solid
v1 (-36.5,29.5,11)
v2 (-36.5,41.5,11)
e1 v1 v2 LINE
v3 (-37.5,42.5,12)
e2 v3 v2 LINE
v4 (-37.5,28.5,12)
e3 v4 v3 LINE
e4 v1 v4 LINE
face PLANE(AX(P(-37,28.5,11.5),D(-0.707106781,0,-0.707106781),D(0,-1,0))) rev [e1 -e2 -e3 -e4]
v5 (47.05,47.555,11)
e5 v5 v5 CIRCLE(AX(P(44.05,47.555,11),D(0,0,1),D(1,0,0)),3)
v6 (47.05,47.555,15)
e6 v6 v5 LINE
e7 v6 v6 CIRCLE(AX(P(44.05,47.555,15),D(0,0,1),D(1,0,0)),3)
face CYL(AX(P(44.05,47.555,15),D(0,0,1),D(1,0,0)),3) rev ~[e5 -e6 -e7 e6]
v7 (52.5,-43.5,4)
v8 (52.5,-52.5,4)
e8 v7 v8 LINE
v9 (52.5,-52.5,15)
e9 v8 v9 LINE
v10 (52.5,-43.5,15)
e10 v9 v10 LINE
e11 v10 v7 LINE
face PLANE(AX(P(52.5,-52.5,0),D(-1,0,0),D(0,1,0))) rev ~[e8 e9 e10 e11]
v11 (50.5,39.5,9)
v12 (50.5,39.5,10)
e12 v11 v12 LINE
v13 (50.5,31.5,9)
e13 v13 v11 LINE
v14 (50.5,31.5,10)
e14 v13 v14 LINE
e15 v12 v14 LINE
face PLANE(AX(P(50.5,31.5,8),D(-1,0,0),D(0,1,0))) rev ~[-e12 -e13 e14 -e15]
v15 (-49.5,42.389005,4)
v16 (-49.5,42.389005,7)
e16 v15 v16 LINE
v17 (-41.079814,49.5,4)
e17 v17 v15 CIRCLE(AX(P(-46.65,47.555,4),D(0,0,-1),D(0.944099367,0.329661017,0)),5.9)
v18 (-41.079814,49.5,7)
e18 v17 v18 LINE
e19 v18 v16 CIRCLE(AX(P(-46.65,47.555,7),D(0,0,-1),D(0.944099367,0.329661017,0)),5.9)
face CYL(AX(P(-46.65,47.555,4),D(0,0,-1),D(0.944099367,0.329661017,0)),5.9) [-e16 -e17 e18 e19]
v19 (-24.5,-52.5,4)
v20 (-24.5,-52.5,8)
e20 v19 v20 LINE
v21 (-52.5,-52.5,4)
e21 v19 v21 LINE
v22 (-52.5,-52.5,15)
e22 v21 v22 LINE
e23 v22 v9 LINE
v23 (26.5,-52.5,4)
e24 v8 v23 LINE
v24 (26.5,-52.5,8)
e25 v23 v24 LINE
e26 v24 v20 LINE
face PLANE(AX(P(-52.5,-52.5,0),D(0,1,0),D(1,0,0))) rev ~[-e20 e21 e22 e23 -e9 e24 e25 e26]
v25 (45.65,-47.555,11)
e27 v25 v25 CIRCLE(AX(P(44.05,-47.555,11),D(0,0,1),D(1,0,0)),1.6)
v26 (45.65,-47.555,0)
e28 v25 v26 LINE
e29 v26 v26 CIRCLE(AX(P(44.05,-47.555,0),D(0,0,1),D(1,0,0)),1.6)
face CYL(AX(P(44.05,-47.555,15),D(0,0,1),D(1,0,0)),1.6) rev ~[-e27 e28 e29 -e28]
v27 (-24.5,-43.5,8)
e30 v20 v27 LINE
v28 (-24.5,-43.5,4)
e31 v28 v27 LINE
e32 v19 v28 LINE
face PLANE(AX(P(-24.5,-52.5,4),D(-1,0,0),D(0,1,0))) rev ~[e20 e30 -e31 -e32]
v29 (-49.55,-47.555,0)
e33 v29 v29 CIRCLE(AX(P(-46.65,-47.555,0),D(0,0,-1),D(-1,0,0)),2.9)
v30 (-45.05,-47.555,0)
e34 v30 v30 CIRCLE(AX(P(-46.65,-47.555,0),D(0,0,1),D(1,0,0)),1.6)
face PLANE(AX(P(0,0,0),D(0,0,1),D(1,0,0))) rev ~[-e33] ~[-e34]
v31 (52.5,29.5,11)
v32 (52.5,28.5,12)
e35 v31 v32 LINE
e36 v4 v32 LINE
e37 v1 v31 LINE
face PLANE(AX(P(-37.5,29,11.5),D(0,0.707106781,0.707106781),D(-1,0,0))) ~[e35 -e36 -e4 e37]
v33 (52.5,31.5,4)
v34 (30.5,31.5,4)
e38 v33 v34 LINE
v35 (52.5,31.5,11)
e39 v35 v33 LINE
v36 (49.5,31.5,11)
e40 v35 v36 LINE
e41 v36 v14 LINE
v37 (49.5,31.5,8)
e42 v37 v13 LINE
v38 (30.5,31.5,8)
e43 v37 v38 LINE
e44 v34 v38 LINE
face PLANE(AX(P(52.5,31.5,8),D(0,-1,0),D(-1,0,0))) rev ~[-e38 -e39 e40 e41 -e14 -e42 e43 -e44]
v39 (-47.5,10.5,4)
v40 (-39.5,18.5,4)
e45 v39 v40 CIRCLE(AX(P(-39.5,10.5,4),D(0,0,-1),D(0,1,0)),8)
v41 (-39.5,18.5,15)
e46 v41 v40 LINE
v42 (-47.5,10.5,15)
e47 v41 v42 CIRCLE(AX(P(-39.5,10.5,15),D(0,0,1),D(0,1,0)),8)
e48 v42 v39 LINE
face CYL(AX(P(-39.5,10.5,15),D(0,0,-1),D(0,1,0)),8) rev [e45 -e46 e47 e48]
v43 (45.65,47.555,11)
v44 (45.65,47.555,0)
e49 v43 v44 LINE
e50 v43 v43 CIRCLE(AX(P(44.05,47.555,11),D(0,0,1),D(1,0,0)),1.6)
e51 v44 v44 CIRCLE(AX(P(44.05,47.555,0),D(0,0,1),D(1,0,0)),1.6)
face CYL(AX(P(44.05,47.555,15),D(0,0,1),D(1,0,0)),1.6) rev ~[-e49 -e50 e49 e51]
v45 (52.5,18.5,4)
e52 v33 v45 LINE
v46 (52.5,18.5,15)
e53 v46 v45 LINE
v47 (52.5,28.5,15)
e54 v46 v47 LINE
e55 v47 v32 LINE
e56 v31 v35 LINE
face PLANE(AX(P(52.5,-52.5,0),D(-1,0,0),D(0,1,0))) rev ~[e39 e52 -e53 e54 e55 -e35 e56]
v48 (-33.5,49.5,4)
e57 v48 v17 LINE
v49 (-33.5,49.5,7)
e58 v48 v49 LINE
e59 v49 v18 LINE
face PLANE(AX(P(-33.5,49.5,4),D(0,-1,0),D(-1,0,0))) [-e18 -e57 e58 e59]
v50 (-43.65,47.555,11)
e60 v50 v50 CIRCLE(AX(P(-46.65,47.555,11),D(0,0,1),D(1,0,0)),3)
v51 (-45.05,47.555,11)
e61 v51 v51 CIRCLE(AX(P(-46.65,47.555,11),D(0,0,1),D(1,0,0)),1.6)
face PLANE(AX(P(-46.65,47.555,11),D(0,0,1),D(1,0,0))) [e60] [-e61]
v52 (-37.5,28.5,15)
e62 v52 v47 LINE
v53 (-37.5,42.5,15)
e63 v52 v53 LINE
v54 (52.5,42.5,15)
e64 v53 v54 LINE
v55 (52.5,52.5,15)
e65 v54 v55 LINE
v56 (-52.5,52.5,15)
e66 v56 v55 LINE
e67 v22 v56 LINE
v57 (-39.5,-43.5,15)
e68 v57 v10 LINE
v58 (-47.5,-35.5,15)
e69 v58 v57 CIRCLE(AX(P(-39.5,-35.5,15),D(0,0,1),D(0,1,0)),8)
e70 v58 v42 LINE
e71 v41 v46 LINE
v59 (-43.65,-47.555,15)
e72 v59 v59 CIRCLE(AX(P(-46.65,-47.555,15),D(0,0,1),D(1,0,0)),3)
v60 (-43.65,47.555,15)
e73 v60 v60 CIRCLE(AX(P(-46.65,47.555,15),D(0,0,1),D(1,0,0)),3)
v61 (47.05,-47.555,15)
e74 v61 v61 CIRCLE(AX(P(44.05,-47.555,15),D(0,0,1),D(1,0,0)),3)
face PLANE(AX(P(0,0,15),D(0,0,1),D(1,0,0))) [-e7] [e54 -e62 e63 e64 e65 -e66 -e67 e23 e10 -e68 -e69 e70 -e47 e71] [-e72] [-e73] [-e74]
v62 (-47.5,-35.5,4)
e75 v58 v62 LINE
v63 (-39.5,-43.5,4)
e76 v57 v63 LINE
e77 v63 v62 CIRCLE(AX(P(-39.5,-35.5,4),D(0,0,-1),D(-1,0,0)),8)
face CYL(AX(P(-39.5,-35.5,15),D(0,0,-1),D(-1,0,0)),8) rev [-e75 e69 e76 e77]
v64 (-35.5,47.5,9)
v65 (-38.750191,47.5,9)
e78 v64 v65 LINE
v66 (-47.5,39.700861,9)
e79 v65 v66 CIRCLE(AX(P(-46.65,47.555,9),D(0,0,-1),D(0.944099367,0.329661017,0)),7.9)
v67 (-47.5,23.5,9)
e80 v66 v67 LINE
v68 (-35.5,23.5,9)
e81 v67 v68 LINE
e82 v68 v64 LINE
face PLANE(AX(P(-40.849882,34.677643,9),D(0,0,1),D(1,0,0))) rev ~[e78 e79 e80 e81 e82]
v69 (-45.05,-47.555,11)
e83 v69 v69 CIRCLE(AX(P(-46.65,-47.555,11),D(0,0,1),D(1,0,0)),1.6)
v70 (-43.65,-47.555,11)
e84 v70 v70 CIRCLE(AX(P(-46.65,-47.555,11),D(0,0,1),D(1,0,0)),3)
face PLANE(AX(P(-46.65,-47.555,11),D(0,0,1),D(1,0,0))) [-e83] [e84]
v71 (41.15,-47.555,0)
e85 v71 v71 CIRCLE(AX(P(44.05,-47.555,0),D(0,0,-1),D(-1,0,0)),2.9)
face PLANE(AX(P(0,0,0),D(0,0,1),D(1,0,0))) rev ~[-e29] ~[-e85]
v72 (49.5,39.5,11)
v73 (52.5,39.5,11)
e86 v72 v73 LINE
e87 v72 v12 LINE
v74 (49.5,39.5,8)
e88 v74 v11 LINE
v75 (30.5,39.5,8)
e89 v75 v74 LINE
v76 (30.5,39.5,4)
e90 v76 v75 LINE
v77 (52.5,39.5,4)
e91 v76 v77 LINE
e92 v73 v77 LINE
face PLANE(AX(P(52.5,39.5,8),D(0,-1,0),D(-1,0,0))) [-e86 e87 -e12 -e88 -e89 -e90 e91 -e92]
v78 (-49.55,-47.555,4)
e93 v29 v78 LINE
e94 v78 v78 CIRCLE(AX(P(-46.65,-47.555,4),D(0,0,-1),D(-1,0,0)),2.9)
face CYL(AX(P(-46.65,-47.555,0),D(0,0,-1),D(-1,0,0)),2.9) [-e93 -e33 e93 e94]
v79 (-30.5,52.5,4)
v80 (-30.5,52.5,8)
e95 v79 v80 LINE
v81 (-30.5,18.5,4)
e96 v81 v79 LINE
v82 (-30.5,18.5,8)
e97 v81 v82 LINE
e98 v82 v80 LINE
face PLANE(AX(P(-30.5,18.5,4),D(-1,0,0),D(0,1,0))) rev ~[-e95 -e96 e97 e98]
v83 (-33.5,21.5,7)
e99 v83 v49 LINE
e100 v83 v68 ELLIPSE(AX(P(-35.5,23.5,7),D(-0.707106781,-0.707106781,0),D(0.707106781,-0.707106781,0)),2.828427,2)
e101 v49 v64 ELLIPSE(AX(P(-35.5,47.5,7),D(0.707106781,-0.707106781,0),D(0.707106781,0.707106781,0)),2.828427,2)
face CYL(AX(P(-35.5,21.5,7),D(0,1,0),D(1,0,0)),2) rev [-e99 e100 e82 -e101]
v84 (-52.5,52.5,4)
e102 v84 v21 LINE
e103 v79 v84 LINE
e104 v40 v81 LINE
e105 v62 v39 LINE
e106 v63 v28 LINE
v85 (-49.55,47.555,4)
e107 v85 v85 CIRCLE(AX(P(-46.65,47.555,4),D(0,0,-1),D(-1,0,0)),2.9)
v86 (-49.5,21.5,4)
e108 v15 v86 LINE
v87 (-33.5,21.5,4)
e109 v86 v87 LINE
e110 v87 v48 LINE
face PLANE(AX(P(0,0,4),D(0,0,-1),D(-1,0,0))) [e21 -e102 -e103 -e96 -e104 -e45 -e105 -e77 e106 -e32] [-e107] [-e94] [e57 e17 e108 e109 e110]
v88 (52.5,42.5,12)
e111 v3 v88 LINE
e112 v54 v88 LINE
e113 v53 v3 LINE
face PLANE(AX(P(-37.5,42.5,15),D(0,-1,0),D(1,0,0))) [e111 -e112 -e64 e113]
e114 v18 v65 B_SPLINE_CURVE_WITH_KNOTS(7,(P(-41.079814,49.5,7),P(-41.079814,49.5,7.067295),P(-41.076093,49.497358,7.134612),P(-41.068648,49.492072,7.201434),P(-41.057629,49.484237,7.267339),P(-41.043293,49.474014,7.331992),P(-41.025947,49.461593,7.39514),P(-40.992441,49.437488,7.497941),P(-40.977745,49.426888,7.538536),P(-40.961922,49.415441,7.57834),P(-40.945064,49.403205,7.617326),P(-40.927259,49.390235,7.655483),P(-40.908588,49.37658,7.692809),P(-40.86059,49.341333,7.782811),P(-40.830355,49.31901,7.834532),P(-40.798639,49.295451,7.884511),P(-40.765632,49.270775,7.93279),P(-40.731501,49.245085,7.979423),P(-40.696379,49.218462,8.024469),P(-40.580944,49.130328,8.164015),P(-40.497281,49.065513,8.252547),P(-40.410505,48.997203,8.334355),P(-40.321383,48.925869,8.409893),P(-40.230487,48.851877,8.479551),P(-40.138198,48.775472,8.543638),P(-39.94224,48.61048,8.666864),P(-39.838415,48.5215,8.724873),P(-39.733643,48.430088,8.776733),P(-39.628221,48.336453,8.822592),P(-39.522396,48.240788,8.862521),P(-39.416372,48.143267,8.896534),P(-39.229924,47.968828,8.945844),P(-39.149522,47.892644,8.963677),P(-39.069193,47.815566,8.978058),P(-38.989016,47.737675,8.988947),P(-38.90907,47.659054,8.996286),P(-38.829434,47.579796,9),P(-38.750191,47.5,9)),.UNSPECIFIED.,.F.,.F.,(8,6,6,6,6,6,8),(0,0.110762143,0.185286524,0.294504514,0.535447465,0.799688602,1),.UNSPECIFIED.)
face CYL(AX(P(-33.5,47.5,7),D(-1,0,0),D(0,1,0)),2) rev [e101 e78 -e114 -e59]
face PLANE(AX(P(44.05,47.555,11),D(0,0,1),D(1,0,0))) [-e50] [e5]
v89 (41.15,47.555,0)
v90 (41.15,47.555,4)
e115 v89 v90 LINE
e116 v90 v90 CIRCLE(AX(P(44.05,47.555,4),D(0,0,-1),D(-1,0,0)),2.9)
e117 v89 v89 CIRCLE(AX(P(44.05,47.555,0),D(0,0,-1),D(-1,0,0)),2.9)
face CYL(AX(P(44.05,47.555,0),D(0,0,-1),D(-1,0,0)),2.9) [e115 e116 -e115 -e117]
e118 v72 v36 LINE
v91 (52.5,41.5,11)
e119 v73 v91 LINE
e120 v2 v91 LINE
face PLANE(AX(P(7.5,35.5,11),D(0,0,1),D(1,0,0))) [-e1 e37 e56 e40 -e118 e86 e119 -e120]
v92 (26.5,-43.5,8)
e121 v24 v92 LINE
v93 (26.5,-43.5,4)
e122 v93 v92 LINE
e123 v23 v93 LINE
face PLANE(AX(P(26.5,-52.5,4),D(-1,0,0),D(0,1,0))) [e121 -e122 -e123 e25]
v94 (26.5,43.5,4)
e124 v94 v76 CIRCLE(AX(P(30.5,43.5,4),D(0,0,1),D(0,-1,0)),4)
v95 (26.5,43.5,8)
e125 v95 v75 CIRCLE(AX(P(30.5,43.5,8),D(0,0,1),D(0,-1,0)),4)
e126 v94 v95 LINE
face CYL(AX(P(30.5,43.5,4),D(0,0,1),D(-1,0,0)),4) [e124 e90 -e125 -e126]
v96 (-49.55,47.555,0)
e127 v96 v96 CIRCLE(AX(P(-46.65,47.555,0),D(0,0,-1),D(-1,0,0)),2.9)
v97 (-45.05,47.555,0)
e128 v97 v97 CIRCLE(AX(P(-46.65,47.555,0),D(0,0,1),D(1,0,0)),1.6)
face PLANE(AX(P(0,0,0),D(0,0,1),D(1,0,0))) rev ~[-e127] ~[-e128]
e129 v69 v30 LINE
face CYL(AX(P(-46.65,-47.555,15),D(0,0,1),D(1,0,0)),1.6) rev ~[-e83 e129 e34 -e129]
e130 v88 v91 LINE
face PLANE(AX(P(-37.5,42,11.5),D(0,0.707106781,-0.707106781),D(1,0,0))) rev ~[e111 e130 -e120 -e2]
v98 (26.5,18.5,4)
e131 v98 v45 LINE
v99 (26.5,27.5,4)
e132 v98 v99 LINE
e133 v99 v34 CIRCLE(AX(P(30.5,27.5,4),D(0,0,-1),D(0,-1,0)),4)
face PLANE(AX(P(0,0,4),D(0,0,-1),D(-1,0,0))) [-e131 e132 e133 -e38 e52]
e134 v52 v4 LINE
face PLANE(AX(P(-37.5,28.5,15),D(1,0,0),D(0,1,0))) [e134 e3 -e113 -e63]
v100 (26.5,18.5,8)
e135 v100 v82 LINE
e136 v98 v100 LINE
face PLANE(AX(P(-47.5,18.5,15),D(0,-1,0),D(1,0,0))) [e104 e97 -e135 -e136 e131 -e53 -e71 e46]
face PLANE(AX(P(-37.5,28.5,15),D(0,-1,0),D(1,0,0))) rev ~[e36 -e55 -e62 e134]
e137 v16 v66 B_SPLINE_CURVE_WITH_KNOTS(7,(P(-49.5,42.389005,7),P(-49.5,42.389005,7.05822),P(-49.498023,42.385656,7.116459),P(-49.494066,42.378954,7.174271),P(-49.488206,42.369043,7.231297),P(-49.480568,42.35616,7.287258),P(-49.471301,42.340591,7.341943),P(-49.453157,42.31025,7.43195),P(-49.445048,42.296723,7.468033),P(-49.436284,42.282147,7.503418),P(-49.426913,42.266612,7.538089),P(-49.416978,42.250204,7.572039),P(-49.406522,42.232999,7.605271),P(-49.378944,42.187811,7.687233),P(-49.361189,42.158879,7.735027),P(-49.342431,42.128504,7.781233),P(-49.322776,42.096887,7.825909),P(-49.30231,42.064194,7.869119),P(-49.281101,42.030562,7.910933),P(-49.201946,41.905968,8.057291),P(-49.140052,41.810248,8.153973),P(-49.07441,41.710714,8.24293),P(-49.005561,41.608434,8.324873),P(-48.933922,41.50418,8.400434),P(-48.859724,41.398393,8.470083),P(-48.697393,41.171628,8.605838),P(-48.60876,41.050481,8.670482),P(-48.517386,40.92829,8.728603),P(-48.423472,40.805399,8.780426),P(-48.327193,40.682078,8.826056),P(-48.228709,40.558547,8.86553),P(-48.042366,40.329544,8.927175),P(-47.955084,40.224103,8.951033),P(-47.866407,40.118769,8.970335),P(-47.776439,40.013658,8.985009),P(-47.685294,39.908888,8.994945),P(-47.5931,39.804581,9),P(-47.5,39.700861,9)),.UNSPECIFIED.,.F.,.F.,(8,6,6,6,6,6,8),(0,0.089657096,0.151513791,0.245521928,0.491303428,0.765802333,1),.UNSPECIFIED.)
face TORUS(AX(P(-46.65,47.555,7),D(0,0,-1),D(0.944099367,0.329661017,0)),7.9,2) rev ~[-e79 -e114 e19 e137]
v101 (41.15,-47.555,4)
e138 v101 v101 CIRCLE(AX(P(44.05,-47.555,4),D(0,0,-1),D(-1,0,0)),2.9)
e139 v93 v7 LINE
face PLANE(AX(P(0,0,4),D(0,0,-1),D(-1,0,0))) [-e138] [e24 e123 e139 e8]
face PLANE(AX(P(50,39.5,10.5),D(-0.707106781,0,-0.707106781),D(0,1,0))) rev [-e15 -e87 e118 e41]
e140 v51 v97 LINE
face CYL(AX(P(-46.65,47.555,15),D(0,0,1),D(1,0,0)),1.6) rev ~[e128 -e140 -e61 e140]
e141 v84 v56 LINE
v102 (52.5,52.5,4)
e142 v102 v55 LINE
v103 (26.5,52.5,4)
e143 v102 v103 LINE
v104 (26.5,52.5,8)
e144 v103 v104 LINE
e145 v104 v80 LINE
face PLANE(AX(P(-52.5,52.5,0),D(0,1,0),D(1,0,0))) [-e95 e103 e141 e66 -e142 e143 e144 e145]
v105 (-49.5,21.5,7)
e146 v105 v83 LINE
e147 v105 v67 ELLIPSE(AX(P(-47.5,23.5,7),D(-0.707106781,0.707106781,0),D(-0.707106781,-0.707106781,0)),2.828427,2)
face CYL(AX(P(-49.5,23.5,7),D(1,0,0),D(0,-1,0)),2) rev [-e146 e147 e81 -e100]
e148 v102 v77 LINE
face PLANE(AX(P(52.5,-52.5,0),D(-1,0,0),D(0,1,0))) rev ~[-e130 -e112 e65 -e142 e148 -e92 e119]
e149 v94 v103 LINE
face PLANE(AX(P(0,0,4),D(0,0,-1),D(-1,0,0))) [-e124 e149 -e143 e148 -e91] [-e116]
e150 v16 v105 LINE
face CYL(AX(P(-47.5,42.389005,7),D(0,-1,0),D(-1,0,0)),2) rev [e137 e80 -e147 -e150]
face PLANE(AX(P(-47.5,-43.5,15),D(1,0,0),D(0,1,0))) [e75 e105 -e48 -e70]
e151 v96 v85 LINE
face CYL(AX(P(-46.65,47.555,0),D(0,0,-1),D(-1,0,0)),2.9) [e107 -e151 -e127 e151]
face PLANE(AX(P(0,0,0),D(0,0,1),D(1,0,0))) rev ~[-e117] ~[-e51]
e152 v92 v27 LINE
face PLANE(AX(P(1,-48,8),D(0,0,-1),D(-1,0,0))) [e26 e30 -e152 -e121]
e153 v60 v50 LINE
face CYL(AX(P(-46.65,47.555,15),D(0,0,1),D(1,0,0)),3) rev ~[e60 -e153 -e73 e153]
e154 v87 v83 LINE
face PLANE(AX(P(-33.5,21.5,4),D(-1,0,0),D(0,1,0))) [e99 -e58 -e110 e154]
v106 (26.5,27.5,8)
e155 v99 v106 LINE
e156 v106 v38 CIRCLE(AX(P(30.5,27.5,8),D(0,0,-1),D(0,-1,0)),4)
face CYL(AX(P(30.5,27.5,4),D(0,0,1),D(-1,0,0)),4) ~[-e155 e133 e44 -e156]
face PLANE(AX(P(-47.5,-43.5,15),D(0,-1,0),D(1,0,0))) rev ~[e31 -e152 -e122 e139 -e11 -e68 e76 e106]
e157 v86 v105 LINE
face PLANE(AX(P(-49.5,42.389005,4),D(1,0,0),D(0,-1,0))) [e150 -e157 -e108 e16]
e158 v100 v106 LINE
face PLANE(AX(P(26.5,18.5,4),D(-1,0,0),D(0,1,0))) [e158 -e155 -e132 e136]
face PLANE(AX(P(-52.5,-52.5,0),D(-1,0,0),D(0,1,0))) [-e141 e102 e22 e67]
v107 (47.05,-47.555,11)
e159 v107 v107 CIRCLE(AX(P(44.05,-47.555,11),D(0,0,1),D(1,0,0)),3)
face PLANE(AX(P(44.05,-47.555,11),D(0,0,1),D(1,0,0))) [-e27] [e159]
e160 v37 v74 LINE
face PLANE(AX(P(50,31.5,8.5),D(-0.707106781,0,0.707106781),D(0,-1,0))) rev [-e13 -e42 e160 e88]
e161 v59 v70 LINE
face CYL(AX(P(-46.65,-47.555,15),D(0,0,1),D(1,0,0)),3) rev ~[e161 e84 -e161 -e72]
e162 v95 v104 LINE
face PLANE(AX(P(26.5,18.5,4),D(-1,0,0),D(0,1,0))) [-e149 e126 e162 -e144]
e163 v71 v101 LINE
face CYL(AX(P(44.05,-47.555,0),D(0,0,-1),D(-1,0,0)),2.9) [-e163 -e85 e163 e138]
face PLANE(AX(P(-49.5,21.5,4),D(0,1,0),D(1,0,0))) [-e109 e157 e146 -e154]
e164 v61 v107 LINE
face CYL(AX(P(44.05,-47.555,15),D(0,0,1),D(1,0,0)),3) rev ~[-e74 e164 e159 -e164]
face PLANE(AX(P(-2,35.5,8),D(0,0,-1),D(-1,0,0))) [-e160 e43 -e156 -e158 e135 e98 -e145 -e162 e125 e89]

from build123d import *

# Parameters (mm, degrees)
SKETCH_1_W           = 105
SKETCH_1_H           = 105
EXTRUDE_1_DEPTH      = 15
SKETCH_2_R           = 1.6
CUT_EXTRUDE_1_DEPTH  = 15
SKETCH_3_W           = 100
SKETCH_3_H           = 62
CUT_EXTRUDE_2_DEPTH  = 15
FILLET_1_R           = 8
SKETCH_4_OUTSIDE_W   = 136.85
SKETCH_4_OUTSIDE_H   = 136.85
SKETCH_4_OUTSIDE_R   = 2.9
CUT_EXTRUDE_3_DEPTH  = 4
SKETCH_5_W           = 51
SKETCH_5_H           = 9
CUT_EXTRUDE_4_DEPTH  = 4
SKETCH_6_W           = 57
SKETCH_6_H           = 34
CUT_EXTRUDE_5_DEPTH  = 4
CUT_EXTRUDE_6_DEPTH  = 4
FILLET_2_R           = 4
SKETCH_8_W           = 90
SKETCH_8_H           = 14
CUT_EXTRUDE_7_DEPTH  = 4
CHAMFER_1_SIZE       = 1
SKETCH_9_W           = 2
SKETCH_9_H           = 8
CUT_EXTRUDE_8_DEPTH  = 4
CHAMFER_2_SIZE       = 1
SKETCH_10_R          = 3
CUT_EXTRUDE_9_DEPTH  = 4
CUT_EXTRUDE_10_DEPTH = 5
FILLET_3_R           = 2


with BuildPart() as part:
    # 草图1 → 凸台-拉伸1 (new body)
    with BuildSketch(Plane.XY):
        Rectangle(SKETCH_1_W, SKETCH_1_H)
    extrude(amount=EXTRUDE_1_DEPTH)

    # 草图2 → 切除-拉伸1 (cut)
    with BuildSketch(Plane.XY.offset(15)):
        with Locations((-46.65, 47.555)):
            Circle(SKETCH_2_R)
        with Locations((44.05, 47.555)):
            Circle(SKETCH_2_R)
        with Locations((44.05, -47.555)):
            Circle(SKETCH_2_R)
        with Locations((-46.65, -47.555)):
            Circle(SKETCH_2_R)
    extrude(amount=-CUT_EXTRUDE_1_DEPTH, mode=Mode.SUBTRACT)

    # 草图3 → 切除-拉伸2 (cut)
    with BuildSketch(Plane.XY.offset(15)):
        with Locations((2.5, -12.5)):
            Rectangle(SKETCH_3_W, SKETCH_3_H)
    extrude(amount=-CUT_EXTRUDE_2_DEPTH, mode=Mode.SUBTRACT)

    # 圆角1
    fillet_1_edges = [part.edges().sort_by_distance(p)[0] for p in [
        (-47.5, -43.5, 7.5),
        (-47.5, 18.5, 7.5),
    ]]
    fillet(fillet_1_edges, radius=FILLET_1_R)

    # 草图4 outside → 切除-拉伸3 (cut)
    with BuildSketch(Plane(origin=(0, 0, 0), x_dir=(-1, 0, 0), z_dir=(0, 0, -1))):
        Rectangle(SKETCH_4_OUTSIDE_W, SKETCH_4_OUTSIDE_H)
        with Locations((-44.05, -47.555)):
            Circle(SKETCH_4_OUTSIDE_R, mode=Mode.SUBTRACT)
        with Locations((46.65, -47.555)):
            Circle(SKETCH_4_OUTSIDE_R, mode=Mode.SUBTRACT)
        with Locations((-44.05, 47.555)):
            Circle(SKETCH_4_OUTSIDE_R, mode=Mode.SUBTRACT)
        with Locations((46.65, 47.555)):
            Circle(SKETCH_4_OUTSIDE_R, mode=Mode.SUBTRACT)
    extrude(amount=-CUT_EXTRUDE_3_DEPTH, mode=Mode.SUBTRACT)

    # 草图5 → 切除-拉伸4 (cut)
    with BuildSketch(Plane(origin=(0, 0, 4), x_dir=(-1, 0, 0), z_dir=(0, 0, -1))):
        with Locations((-1, -48)):
            Rectangle(SKETCH_5_W, SKETCH_5_H)
    extrude(amount=-CUT_EXTRUDE_4_DEPTH, mode=Mode.SUBTRACT)

    # 草图6 → 切除-拉伸5 (cut)
    with BuildSketch(Plane(origin=(0, 0, 4), x_dir=(-1, 0, 0), z_dir=(0, 0, -1))):
        with Locations((2, 35.5)):
            Rectangle(SKETCH_6_W, SKETCH_6_H)
    extrude(amount=-CUT_EXTRUDE_5_DEPTH, mode=Mode.SUBTRACT)

    # 草图7 → 切除-拉伸6 (cut)
    with BuildSketch(Plane(origin=(0, 0, 4), x_dir=(-1, 0, 0), z_dir=(0, 0, -1))):
        Polygon((-26.5, 35.5), (-26.5, 39.5), (-52.5, 39.5), (-52.5, 31.5), (-26.5, 31.5), align=None)
    extrude(amount=-CUT_EXTRUDE_6_DEPTH, mode=Mode.SUBTRACT)

    # 圆角2
    fillet_2_edges = [part.edges().sort_by_distance(p)[0] for p in [
        (26.5, 39.5, 6),
        (26.5, 31.5, 6),
    ]]
    fillet(fillet_2_edges, radius=FILLET_2_R)

    # 草图8 → 切除-拉伸7 (cut)
    with BuildSketch(Plane.XY.offset(15)):
        with Locations((7.5, 35.5)):
            Rectangle(SKETCH_8_W, SKETCH_8_H)
    extrude(amount=-CUT_EXTRUDE_7_DEPTH, mode=Mode.SUBTRACT)

    # 倒角1
    chamfer_1_edges = [part.edges().sort_by_distance(p)[0] for p in [
        (7.5, 42.5, 11),
        (7.5, 28.5, 11),
        (-37.5, 35.5, 11),
    ]]
    chamfer(chamfer_1_edges, length=CHAMFER_1_SIZE)

    # 草图9 → 切除-拉伸8 (cut)
    with BuildSketch(Plane(origin=(0, 0, 8), x_dir=(-1, 0, 0), z_dir=(0, 0, -1))):
        with Locations((-51.5, 35.5)):
            Rectangle(SKETCH_9_W, SKETCH_9_H)
    extrude(amount=-CUT_EXTRUDE_8_DEPTH, mode=Mode.SUBTRACT)

    # 倒角2
    chamfer_2_edges = [part.edges().sort_by_distance(p)[0] for p in [
        (50.5, 35.5, 11),
        (50.5, 35.5, 8),
    ]]
    chamfer(chamfer_2_edges, length=CHAMFER_2_SIZE)

    # 草图10 → 切除-拉伸9 (cut)
    with BuildSketch(Plane.XY.offset(15)):
        with Locations((-46.65, 47.555)):
            Circle(SKETCH_10_R)
        with Locations((44.05, 47.555)):
            Circle(SKETCH_10_R)
        with Locations((44.05, -47.555)):
            Circle(SKETCH_10_R)
        with Locations((-46.65, -47.555)):
            Circle(SKETCH_10_R)
    extrude(amount=-CUT_EXTRUDE_9_DEPTH, mode=Mode.SUBTRACT)

    # 草图11 → 切除-拉伸10 (cut)
    with BuildSketch(Plane(origin=(0, 0, 4), x_dir=(-1, 0, 0), z_dir=(0, 0, -1))):
        with BuildLine():
            Line((33.5, 49.5), (41.079813737, 49.5))
            ThreePointArc((41.079813737, 49.5), (42.843240971, 43.047385809), (49.5, 42.38900542))
            Line((49.5, 42.38900542), (49.5, 21.5))
            Line((49.5, 21.5), (33.5, 21.5))
            Line((33.5, 21.5), (33.5, 49.5))
        make_face()
    extrude(amount=-CUT_EXTRUDE_10_DEPTH, mode=Mode.SUBTRACT)

    # 圆角3
    fillet_3_edges = [part.edges().sort_by_distance(p)[0] for p in [
        (-42.843240971, 43.047385809, 9),
        (-49.5, 31.94450271, 9),
        (-41.5, 21.5, 9),
        (-33.5, 35.5, 9),
        (-37.289906869, 49.5, 9),
    ]]
    fillet(fillet_3_edges, radius=FILLET_3_R)


solid = part.part
